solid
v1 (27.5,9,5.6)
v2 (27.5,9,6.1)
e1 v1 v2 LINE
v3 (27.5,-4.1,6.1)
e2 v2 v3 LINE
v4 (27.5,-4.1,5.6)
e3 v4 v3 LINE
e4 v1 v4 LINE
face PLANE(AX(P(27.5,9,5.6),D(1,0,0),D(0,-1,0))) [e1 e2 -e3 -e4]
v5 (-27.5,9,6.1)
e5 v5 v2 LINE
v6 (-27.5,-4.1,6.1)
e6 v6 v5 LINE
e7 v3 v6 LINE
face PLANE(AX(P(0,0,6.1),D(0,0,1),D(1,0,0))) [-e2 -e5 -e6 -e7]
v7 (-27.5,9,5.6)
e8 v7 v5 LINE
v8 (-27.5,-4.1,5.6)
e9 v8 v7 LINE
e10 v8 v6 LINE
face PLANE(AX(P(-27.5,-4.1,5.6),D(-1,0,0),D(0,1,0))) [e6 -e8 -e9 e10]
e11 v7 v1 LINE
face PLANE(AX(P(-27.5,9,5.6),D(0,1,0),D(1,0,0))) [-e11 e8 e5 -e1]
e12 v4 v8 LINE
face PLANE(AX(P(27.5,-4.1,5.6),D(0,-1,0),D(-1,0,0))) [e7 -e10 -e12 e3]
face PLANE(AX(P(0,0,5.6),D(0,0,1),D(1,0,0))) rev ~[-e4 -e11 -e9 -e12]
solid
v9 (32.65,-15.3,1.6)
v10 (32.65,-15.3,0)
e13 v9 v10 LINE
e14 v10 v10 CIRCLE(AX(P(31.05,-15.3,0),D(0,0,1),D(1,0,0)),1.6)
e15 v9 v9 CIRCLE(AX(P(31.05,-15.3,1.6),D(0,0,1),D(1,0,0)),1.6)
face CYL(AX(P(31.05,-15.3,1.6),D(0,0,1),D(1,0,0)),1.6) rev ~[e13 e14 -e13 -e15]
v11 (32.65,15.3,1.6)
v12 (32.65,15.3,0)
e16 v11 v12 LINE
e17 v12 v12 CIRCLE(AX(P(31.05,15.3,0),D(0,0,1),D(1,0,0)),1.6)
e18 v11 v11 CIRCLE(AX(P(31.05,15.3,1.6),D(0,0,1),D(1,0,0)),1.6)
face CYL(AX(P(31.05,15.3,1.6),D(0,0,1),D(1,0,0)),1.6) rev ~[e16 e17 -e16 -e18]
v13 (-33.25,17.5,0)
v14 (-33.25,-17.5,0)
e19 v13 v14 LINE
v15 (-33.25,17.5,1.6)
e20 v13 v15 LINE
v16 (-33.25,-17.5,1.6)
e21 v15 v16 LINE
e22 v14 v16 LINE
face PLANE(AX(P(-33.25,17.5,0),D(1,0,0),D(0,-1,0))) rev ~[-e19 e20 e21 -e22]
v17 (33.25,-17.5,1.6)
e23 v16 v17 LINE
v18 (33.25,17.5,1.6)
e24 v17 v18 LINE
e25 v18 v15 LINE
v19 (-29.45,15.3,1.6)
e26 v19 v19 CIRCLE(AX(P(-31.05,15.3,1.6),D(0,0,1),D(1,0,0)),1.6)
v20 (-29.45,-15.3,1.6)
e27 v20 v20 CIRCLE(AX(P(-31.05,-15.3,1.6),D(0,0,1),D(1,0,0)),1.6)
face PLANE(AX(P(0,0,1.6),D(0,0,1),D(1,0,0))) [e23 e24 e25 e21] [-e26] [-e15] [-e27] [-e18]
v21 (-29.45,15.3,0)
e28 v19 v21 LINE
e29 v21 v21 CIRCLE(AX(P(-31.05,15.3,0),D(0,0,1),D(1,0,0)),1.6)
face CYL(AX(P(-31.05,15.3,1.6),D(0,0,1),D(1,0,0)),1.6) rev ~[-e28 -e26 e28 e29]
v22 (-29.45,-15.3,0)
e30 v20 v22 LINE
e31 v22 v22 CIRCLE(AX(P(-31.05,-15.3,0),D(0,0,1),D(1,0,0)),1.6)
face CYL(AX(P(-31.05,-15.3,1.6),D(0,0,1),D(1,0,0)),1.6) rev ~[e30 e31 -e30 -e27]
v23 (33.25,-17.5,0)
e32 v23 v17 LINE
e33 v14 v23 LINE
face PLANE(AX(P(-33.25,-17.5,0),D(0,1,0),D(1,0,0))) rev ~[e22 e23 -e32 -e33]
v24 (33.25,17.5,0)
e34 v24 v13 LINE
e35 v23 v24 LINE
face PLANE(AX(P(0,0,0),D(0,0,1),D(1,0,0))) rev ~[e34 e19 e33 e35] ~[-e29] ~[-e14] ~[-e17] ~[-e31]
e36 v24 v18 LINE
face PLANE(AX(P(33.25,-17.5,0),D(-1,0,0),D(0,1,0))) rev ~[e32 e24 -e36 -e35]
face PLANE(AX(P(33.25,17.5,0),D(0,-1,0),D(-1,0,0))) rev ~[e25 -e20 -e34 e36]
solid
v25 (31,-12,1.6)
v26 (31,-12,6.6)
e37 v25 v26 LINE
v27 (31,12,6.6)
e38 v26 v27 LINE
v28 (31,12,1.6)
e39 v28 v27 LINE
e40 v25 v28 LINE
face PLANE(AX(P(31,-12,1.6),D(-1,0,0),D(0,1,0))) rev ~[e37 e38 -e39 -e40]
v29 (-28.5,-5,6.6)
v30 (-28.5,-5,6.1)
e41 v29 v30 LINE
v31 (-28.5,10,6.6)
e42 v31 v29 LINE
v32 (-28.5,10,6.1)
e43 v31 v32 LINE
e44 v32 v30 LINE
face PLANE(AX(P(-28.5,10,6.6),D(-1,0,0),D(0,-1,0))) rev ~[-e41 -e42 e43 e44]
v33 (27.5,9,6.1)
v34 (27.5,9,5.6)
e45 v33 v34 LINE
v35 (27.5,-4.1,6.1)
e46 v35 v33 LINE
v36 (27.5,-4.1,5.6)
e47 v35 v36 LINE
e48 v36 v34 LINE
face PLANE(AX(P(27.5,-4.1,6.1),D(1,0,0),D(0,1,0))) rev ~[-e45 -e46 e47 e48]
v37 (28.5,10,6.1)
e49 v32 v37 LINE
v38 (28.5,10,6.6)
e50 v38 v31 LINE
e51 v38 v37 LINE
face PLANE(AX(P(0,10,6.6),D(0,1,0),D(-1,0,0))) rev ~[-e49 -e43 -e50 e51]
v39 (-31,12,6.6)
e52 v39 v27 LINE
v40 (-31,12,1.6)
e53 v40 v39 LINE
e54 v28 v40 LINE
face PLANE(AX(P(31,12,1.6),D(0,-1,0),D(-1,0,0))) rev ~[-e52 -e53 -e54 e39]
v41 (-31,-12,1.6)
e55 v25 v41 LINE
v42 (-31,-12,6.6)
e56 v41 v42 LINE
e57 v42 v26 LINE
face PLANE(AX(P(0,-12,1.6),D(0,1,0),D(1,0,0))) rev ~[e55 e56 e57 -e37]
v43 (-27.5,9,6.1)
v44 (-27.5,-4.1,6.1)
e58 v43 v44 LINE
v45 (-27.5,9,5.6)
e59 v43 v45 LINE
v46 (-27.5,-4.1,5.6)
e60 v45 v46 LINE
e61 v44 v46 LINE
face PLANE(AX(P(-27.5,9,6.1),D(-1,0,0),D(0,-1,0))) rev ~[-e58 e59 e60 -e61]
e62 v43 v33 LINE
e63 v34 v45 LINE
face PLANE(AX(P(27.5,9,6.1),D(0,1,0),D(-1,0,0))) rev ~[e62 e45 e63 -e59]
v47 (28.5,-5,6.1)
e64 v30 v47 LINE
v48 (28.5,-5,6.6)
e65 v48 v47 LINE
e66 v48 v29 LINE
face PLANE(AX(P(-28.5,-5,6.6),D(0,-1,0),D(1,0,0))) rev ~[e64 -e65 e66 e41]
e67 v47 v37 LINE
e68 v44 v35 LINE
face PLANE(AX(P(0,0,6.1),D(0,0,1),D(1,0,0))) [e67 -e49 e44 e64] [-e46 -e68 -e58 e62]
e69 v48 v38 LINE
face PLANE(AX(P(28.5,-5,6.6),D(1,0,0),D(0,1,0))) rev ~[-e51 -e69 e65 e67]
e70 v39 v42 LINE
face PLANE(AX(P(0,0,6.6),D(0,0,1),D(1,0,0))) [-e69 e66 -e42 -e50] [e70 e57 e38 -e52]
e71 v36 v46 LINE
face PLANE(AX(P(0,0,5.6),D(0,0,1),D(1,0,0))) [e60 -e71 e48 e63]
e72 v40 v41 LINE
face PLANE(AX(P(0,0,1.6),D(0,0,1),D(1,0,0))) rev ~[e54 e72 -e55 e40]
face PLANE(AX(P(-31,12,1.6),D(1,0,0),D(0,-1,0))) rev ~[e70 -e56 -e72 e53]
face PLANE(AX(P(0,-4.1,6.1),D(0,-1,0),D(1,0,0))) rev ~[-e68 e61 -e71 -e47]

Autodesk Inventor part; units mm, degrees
ref_plane "YZ Plane" through (0, 0, 0) normal (1, 0, 0) x (0, 1, 0)
ref_plane "XZ Plane" through (0, 0, 0) normal (0, 1, 0) x (-1, 0, 0)
ref_plane "XY Plane" through (0, 0, 0) normal (0, 0, 1) x (1, 0, 0)
sketch "Sketch1" plane through (0, 0, 0) normal (0, 0, 1) x (1, 0, 0)
  line L0 (-33.25, -17.5) -> (33.25, -17.5)
  line L1 (33.25, -17.5) -> (33.25, 17.5)
  line L2 (33.25, 17.5) -> (-33.25, 17.5)
  line L3 (-33.25, 17.5) -> (-33.25, -17.5)
  line L4 (-33.25, -17.5) -> (33.25, 17.5) construction
  line L5 (33.25, -17.5) -> (-33.25, 17.5) construction
  point P0 (0, 0)
  dimension "d0" = 66.5
  dimension "d1" = 35
extrude "Extrusion1" add sketch "Sketch1" along normal blind 1.6
sketch "Sketch2" plane through (0, 0, 1.6) normal (0, 0, 1) x (1, 0, 0)
  line L0 (-46.55, 0) -> (46.55, 0) construction
  line L1 (0, -24.5) -> (0, 24.5) construction
  circle A0 centre (-31.05, 15.3) radius 1.6
  line L2 (33.25, 17.5) -> (-33.25, 17.5) construction
  line L3 (-33.25, 17.5) -> (-33.25, -17.5) construction
  circle A1 centre (31.05, 15.3) radius 1.6
  circle A2 centre (-31.05, -15.3) radius 1.6
  line L4 (33.25, -17.5) -> (-33.25, -17.5) construction
  circle A3 centre (31.05, -15.3) radius 1.6
  point P0 (0, 0)
  dimension "d4" = 3.2
  dimension "d5" = 0.6
  dimension "d6" = 0.6
extrude "Extrusion2" cut sketch "Sketch2" against normal through all
sketch "Sketch3" plane through (0, 0, 1.6) normal (0, 0, 1) x (1, 0, 0)
  line L0 (0, 24.5) -> (0, -24.5) projected
  line L1 (-31, -12) -> (31, -12)
  line L2 (31, -12) -> (31, 12)
  line L3 (31, 12) -> (-31, 12)
  line L4 (-31, 12) -> (-31, -12)
  line L5 (-31, -12) -> (31, 12) construction
  line L6 (31, -12) -> (-31, 12) construction
  point P0 (0, 0)
  dimension "d9" = 24
  dimension "d10" = 62
extrude "Extrusion3" add sketch "Sketch3" along normal blind 5 separate body
sketch "Sketch4" plane through (0, 0, 6.6) normal (0, 0, 1) x (1, 0, 0)
  line L0 (0, -24.5) -> (0, 24.5) projected
  line L1 (-28.5, -5) -> (28.5, -5)
  line L2 (28.5, -5) -> (28.5, 10)
  line L3 (28.5, 10) -> (-28.5, 10)
  line L4 (-28.5, 10) -> (-28.5, -5)
  line L5 (-28.5, -5) -> (28.5, 10) construction
  line L6 (28.5, -5) -> (-28.5, 10) construction
  line L7 (31, 12) -> (-31, 12) projected
  point P0 (0, 0)
  point P1 (0, 2.5)
  dimension "d13" = 15
  dimension "d14" = 57
  dimension "d15" = 2
extrude "Extrusion4" cut sketch "Sketch4" against normal blind 0.5 bodies 2
sketch "Sketch5" plane through (0, 0, 6.1) normal (0, 0, 1) x (1, 0, 0)
  line L0 (0, 24.5) -> (0, -24.5) projected
  line L1 (-27.5, -4.1) -> (27.5, -4.1)
  line L2 (27.5, -4.1) -> (27.5, 9)
  line L3 (27.5, 9) -> (-27.5, 9)
  line L4 (-27.5, 9) -> (-27.5, -4.1)
  line L5 (-27.5, -4.1) -> (27.5, 9) construction
  line L6 (27.5, -4.1) -> (-27.5, 9) construction
  line L7 (31, 12) -> (-31, 12) projected
  point P0 (0, 0)
  point P1 (0, 2.45)
  dimension "d18" = 13.1
  dimension "d19" = 55
  dimension "d20" = 3
extrude "Extrusion5" cut sketch "Sketch5" against normal blind 0.5 bodies 2
sketch "Sketch6" plane through (0, 0, 5.6) normal (0, 0, 1) x (1, 0, 0)
  line L0 (27.5, -4.1) -> (-27.5, -4.1) projected
  line L1 (27.5, 9) -> (27.5, -4.1) projected
  line L2 (-27.5, 9) -> (27.5, 9) projected
  line L3 (-27.5, -4.1) -> (-27.5, 9) projected
  point P0 (0, 0)
extrude "Extrusion6" add sketch "Sketch6" along normal blind 0.5 separate body
sketch "Sketch7" plane through (0, 0, 6.6) normal (0, 0, 1) x (1, 0, 0)
  circle A0 centre (0, 0) radius 6.7082
equation "\"d6\" = d5"
properties part number "Adafruit_2675"
